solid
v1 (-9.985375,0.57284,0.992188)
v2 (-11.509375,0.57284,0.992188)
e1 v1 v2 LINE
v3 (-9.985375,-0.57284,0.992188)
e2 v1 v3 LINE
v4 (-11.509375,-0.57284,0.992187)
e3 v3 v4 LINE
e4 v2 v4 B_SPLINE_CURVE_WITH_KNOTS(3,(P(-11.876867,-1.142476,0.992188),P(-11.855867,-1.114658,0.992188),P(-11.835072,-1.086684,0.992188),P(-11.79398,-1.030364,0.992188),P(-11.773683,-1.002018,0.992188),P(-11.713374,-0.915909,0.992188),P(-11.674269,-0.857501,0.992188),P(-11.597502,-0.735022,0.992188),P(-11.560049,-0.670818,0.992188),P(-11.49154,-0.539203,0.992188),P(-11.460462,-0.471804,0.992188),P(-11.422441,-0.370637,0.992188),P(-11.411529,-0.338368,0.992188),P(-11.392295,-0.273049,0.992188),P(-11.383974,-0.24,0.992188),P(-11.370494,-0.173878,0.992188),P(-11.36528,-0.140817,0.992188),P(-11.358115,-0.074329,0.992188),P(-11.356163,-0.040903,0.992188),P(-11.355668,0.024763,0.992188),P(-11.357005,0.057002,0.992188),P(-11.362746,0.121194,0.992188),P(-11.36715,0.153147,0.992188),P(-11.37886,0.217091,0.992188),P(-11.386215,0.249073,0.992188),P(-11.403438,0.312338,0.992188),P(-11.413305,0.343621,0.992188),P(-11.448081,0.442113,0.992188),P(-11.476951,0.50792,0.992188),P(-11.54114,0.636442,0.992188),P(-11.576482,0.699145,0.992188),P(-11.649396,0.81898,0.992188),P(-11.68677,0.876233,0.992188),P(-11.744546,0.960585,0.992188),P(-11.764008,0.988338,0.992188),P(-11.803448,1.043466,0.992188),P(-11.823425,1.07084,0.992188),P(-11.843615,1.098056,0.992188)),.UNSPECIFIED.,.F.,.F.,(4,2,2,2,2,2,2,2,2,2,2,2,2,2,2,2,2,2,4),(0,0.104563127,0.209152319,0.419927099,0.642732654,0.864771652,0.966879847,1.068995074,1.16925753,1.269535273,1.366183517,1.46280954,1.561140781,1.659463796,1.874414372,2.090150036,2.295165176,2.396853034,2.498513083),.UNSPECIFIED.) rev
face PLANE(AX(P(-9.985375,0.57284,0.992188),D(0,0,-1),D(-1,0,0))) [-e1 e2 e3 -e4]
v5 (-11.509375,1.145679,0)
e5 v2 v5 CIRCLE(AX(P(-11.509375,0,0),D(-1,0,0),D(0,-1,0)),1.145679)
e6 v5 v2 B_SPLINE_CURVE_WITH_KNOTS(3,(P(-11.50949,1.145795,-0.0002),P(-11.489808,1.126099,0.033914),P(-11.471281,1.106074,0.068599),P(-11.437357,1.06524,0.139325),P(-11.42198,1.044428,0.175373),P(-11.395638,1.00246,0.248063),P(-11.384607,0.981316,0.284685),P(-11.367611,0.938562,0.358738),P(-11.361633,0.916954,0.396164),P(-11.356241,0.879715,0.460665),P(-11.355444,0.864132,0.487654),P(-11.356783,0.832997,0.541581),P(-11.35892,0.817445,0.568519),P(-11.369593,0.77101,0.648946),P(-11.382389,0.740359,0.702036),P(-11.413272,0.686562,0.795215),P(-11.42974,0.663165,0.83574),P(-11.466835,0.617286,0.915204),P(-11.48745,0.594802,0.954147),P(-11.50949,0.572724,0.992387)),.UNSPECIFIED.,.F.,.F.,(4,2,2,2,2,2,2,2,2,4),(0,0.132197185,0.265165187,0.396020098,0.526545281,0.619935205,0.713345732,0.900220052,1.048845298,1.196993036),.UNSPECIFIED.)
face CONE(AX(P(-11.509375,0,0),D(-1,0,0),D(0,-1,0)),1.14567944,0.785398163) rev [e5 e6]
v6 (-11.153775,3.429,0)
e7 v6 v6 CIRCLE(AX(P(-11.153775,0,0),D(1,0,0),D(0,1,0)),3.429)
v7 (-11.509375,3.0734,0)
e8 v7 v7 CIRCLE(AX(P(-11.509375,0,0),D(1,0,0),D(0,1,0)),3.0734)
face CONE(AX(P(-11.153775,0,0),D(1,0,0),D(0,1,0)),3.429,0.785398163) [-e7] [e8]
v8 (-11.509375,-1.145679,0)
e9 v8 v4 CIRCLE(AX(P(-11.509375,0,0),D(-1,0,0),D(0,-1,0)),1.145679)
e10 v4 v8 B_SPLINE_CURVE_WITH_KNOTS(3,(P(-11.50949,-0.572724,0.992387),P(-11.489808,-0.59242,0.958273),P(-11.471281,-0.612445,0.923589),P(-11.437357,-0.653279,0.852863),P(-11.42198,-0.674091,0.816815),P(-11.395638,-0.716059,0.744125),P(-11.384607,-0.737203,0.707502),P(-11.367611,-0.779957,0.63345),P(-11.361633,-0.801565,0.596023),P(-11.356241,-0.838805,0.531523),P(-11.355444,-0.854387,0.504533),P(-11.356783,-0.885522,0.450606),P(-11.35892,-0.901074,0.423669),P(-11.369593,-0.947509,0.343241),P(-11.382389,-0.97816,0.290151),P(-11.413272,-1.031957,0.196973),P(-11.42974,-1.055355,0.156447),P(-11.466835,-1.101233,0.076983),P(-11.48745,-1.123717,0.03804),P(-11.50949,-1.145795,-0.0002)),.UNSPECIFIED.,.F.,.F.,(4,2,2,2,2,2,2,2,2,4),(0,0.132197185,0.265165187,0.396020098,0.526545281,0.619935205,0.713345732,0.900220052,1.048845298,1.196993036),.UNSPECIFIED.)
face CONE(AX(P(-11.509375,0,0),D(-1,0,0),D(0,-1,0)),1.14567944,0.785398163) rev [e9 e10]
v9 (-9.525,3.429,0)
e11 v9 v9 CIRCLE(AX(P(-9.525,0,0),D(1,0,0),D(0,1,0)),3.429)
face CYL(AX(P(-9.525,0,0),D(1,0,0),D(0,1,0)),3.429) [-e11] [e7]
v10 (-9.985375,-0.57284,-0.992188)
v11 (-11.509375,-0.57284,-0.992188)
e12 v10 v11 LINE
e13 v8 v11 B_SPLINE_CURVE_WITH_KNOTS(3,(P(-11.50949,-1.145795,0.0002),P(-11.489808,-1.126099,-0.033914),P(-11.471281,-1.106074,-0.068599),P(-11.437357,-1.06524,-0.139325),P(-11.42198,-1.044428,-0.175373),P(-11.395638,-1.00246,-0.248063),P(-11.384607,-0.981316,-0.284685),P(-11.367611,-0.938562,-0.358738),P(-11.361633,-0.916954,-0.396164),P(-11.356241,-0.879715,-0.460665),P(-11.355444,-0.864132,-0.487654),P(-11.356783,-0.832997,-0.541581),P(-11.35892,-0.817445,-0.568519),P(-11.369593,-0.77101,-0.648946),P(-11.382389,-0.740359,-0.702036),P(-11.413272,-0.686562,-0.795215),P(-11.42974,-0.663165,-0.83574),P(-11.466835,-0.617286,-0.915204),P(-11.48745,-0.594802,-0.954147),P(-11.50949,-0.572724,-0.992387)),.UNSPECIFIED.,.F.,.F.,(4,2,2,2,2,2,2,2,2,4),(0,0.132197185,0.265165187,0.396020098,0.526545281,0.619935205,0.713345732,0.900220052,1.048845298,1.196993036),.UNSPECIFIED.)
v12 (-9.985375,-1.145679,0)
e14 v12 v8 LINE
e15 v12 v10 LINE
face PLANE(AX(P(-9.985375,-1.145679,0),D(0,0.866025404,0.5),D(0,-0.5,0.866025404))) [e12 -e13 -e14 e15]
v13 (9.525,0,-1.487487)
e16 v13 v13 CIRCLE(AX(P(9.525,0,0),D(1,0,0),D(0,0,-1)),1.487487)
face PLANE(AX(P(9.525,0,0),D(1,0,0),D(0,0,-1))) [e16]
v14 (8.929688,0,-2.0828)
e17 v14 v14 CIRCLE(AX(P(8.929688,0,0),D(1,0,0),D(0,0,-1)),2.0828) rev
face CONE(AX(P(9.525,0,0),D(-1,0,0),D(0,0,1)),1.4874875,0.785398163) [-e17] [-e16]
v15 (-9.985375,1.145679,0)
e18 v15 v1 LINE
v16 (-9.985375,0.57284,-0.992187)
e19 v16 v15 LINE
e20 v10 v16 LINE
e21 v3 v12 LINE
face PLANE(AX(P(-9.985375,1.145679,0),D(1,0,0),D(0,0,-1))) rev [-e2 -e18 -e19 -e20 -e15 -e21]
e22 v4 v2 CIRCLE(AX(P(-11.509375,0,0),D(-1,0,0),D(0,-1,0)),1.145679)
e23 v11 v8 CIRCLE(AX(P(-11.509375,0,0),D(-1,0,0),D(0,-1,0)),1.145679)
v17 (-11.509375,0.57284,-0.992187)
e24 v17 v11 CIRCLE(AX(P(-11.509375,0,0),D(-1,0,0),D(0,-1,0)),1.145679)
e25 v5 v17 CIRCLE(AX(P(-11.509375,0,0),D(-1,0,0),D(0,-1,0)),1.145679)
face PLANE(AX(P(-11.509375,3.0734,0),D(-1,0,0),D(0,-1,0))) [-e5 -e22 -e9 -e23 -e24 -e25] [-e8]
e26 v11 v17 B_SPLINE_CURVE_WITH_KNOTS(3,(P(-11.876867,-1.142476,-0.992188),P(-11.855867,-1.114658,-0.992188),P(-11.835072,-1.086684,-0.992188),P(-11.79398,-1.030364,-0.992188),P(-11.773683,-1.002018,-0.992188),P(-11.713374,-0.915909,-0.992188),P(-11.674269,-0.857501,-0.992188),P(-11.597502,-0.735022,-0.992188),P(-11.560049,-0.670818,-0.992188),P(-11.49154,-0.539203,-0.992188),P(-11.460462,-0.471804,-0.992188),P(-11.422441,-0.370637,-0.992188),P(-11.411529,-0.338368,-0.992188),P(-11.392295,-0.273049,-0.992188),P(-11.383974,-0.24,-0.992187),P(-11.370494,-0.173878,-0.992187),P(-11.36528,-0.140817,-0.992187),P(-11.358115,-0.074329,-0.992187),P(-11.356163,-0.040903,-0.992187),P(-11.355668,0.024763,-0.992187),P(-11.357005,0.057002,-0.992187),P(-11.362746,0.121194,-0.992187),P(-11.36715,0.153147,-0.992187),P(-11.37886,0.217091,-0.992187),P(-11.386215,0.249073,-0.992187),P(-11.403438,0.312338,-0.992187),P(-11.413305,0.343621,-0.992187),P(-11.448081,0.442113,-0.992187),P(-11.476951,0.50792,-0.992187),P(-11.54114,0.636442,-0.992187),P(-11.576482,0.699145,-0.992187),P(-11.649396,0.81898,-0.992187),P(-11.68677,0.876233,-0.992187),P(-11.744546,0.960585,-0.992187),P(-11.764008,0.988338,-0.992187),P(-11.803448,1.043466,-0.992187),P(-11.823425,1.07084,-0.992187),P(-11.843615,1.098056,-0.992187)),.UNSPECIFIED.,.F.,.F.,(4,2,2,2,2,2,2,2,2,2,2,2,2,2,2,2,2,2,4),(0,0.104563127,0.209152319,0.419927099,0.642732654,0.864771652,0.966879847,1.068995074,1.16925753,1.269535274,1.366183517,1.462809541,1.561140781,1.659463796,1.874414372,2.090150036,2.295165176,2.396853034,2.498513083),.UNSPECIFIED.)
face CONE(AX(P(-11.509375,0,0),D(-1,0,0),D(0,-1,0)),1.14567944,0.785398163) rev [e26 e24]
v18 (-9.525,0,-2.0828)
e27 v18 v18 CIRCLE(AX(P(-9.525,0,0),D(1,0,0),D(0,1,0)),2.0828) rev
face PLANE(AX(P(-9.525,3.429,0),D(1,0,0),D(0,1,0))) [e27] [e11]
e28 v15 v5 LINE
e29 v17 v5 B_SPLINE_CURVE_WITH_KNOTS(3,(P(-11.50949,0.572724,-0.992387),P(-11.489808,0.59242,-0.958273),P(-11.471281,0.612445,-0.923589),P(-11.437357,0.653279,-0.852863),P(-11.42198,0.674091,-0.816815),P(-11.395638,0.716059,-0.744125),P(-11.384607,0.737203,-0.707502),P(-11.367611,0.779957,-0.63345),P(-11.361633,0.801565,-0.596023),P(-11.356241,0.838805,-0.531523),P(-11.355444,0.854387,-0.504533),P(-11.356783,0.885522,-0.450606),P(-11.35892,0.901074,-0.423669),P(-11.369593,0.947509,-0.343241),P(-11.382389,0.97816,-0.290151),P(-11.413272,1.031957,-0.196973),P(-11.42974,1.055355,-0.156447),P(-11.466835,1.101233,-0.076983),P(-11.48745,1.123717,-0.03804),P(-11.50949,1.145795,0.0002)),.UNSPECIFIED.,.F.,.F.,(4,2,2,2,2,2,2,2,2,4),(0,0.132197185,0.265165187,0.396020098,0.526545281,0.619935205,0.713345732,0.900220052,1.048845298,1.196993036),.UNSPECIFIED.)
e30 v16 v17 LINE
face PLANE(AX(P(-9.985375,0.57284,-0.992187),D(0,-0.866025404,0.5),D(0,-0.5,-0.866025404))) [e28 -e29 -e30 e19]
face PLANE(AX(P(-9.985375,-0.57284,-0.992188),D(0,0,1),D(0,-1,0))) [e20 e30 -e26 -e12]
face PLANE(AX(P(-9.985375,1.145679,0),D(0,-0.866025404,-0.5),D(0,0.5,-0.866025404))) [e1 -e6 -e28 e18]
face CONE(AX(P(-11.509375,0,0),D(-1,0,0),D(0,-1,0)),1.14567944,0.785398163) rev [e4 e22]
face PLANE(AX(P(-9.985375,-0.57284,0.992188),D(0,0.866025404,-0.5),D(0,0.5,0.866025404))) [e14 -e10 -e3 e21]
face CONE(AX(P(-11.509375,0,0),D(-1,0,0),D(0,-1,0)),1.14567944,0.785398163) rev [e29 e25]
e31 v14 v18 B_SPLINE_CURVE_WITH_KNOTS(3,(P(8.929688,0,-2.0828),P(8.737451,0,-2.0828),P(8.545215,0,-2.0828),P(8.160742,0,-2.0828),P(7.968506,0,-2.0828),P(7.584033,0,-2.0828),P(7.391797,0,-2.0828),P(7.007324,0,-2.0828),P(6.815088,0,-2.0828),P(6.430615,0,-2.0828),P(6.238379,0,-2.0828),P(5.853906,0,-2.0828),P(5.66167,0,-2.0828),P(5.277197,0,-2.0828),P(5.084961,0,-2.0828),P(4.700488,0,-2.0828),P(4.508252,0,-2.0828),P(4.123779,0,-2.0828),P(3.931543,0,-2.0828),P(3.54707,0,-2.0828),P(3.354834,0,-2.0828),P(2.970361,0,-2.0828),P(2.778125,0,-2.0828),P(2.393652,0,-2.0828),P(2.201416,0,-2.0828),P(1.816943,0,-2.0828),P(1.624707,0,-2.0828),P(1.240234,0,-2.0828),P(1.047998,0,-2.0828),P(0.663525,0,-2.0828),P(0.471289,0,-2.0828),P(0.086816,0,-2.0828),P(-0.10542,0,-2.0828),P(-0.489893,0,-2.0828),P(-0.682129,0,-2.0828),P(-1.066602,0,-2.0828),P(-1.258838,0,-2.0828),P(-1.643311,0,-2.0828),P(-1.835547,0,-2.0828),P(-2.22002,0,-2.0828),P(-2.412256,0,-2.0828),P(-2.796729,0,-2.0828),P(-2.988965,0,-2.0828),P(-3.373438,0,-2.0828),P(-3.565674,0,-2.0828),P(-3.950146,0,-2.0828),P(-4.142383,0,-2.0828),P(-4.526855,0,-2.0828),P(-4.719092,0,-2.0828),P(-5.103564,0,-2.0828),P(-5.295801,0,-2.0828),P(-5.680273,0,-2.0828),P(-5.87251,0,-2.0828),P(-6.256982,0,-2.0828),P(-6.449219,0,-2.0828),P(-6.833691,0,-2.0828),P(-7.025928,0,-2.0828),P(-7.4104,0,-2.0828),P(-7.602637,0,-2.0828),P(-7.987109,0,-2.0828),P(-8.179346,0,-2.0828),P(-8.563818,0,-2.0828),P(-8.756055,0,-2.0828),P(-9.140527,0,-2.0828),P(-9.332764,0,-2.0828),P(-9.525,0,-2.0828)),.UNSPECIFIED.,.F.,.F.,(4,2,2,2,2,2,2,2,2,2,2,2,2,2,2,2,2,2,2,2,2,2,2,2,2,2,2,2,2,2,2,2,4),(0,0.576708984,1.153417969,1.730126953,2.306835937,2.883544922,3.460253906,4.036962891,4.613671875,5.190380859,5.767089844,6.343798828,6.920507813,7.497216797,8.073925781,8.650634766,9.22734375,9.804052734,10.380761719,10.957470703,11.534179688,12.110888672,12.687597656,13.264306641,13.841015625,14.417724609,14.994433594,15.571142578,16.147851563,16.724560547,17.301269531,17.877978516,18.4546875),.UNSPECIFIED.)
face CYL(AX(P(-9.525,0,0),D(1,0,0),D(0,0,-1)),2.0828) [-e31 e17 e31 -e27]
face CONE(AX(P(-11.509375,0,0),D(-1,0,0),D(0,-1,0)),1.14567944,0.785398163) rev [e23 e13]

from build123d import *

# Parameters (mm, degrees)
SKETCH2_R           = 2.0828
BOSS_EXTRUDE1_DEPTH = 19.05
CHAMFER1_SIZE       = 0.5953125
CUT_EXTRUDE1_DEPTH  = 1.524


with BuildPart() as part:
    # Sketch2 → Boss-Extrude1 (new body)
    with BuildSketch(Plane(origin=(9.525, 0, 0), x_dir=(0, 0, -1), z_dir=(1, 0, 0))):
        Circle(SKETCH2_R)
    extrude(amount=-BOSS_EXTRUDE1_DEPTH)

    # Chamfer1
    chamfer1_edges = [part.edges().sort_by_distance(p)[0] for p in [
        (9.525, 0, 2.0828),
    ]]
    chamfer(chamfer1_edges, length=CHAMFER1_SIZE)

    # Sketch6 → Revolve1 (revolve)
    with BuildSketch(Plane.XY):
        Polygon((-11.153775, 3.429), (-11.509375, 3.0734), (-11.509375, 0), (-9.525, 0), (-9.525, 3.429), align=None)
    revolve(axis=Axis((-9.525, 0, 0), (-1, 0, 0)))

    # Sketch4 → Cut-Extrude1 (cut)
    with BuildSketch(Plane(origin=(-11.509375, 0, 0), x_dir=(0, 0, -1), z_dir=(1, 0, 0))):
        Polygon((0, 1.14567944), (-0.9921875, 0.57283972), (-0.9921875, -0.57283972), (0, -1.14567944), (0.9921875, -0.57283972), (0.9921875, 0.57283972), align=None)
    extrude(amount=CUT_EXTRUDE1_DEPTH, mode=Mode.SUBTRACT)

    # Cut-Extrude2 cone 1 section (through the dimple's axis) → Cut-Extrude2 (revolve, cut)
    with BuildSketch(Plane(origin=(-11.509375, 0, 0), x_dir=(0, 0, 1), z_dir=(0, 1, 0))):
        Polygon((0, 0), (1.14567944, 0), (0, 1.14567944), align=None)
    revolve(axis=Axis((-11.509375, 0, 0), (1, 0, 0)), mode=Mode.SUBTRACT)


solid = part.part
